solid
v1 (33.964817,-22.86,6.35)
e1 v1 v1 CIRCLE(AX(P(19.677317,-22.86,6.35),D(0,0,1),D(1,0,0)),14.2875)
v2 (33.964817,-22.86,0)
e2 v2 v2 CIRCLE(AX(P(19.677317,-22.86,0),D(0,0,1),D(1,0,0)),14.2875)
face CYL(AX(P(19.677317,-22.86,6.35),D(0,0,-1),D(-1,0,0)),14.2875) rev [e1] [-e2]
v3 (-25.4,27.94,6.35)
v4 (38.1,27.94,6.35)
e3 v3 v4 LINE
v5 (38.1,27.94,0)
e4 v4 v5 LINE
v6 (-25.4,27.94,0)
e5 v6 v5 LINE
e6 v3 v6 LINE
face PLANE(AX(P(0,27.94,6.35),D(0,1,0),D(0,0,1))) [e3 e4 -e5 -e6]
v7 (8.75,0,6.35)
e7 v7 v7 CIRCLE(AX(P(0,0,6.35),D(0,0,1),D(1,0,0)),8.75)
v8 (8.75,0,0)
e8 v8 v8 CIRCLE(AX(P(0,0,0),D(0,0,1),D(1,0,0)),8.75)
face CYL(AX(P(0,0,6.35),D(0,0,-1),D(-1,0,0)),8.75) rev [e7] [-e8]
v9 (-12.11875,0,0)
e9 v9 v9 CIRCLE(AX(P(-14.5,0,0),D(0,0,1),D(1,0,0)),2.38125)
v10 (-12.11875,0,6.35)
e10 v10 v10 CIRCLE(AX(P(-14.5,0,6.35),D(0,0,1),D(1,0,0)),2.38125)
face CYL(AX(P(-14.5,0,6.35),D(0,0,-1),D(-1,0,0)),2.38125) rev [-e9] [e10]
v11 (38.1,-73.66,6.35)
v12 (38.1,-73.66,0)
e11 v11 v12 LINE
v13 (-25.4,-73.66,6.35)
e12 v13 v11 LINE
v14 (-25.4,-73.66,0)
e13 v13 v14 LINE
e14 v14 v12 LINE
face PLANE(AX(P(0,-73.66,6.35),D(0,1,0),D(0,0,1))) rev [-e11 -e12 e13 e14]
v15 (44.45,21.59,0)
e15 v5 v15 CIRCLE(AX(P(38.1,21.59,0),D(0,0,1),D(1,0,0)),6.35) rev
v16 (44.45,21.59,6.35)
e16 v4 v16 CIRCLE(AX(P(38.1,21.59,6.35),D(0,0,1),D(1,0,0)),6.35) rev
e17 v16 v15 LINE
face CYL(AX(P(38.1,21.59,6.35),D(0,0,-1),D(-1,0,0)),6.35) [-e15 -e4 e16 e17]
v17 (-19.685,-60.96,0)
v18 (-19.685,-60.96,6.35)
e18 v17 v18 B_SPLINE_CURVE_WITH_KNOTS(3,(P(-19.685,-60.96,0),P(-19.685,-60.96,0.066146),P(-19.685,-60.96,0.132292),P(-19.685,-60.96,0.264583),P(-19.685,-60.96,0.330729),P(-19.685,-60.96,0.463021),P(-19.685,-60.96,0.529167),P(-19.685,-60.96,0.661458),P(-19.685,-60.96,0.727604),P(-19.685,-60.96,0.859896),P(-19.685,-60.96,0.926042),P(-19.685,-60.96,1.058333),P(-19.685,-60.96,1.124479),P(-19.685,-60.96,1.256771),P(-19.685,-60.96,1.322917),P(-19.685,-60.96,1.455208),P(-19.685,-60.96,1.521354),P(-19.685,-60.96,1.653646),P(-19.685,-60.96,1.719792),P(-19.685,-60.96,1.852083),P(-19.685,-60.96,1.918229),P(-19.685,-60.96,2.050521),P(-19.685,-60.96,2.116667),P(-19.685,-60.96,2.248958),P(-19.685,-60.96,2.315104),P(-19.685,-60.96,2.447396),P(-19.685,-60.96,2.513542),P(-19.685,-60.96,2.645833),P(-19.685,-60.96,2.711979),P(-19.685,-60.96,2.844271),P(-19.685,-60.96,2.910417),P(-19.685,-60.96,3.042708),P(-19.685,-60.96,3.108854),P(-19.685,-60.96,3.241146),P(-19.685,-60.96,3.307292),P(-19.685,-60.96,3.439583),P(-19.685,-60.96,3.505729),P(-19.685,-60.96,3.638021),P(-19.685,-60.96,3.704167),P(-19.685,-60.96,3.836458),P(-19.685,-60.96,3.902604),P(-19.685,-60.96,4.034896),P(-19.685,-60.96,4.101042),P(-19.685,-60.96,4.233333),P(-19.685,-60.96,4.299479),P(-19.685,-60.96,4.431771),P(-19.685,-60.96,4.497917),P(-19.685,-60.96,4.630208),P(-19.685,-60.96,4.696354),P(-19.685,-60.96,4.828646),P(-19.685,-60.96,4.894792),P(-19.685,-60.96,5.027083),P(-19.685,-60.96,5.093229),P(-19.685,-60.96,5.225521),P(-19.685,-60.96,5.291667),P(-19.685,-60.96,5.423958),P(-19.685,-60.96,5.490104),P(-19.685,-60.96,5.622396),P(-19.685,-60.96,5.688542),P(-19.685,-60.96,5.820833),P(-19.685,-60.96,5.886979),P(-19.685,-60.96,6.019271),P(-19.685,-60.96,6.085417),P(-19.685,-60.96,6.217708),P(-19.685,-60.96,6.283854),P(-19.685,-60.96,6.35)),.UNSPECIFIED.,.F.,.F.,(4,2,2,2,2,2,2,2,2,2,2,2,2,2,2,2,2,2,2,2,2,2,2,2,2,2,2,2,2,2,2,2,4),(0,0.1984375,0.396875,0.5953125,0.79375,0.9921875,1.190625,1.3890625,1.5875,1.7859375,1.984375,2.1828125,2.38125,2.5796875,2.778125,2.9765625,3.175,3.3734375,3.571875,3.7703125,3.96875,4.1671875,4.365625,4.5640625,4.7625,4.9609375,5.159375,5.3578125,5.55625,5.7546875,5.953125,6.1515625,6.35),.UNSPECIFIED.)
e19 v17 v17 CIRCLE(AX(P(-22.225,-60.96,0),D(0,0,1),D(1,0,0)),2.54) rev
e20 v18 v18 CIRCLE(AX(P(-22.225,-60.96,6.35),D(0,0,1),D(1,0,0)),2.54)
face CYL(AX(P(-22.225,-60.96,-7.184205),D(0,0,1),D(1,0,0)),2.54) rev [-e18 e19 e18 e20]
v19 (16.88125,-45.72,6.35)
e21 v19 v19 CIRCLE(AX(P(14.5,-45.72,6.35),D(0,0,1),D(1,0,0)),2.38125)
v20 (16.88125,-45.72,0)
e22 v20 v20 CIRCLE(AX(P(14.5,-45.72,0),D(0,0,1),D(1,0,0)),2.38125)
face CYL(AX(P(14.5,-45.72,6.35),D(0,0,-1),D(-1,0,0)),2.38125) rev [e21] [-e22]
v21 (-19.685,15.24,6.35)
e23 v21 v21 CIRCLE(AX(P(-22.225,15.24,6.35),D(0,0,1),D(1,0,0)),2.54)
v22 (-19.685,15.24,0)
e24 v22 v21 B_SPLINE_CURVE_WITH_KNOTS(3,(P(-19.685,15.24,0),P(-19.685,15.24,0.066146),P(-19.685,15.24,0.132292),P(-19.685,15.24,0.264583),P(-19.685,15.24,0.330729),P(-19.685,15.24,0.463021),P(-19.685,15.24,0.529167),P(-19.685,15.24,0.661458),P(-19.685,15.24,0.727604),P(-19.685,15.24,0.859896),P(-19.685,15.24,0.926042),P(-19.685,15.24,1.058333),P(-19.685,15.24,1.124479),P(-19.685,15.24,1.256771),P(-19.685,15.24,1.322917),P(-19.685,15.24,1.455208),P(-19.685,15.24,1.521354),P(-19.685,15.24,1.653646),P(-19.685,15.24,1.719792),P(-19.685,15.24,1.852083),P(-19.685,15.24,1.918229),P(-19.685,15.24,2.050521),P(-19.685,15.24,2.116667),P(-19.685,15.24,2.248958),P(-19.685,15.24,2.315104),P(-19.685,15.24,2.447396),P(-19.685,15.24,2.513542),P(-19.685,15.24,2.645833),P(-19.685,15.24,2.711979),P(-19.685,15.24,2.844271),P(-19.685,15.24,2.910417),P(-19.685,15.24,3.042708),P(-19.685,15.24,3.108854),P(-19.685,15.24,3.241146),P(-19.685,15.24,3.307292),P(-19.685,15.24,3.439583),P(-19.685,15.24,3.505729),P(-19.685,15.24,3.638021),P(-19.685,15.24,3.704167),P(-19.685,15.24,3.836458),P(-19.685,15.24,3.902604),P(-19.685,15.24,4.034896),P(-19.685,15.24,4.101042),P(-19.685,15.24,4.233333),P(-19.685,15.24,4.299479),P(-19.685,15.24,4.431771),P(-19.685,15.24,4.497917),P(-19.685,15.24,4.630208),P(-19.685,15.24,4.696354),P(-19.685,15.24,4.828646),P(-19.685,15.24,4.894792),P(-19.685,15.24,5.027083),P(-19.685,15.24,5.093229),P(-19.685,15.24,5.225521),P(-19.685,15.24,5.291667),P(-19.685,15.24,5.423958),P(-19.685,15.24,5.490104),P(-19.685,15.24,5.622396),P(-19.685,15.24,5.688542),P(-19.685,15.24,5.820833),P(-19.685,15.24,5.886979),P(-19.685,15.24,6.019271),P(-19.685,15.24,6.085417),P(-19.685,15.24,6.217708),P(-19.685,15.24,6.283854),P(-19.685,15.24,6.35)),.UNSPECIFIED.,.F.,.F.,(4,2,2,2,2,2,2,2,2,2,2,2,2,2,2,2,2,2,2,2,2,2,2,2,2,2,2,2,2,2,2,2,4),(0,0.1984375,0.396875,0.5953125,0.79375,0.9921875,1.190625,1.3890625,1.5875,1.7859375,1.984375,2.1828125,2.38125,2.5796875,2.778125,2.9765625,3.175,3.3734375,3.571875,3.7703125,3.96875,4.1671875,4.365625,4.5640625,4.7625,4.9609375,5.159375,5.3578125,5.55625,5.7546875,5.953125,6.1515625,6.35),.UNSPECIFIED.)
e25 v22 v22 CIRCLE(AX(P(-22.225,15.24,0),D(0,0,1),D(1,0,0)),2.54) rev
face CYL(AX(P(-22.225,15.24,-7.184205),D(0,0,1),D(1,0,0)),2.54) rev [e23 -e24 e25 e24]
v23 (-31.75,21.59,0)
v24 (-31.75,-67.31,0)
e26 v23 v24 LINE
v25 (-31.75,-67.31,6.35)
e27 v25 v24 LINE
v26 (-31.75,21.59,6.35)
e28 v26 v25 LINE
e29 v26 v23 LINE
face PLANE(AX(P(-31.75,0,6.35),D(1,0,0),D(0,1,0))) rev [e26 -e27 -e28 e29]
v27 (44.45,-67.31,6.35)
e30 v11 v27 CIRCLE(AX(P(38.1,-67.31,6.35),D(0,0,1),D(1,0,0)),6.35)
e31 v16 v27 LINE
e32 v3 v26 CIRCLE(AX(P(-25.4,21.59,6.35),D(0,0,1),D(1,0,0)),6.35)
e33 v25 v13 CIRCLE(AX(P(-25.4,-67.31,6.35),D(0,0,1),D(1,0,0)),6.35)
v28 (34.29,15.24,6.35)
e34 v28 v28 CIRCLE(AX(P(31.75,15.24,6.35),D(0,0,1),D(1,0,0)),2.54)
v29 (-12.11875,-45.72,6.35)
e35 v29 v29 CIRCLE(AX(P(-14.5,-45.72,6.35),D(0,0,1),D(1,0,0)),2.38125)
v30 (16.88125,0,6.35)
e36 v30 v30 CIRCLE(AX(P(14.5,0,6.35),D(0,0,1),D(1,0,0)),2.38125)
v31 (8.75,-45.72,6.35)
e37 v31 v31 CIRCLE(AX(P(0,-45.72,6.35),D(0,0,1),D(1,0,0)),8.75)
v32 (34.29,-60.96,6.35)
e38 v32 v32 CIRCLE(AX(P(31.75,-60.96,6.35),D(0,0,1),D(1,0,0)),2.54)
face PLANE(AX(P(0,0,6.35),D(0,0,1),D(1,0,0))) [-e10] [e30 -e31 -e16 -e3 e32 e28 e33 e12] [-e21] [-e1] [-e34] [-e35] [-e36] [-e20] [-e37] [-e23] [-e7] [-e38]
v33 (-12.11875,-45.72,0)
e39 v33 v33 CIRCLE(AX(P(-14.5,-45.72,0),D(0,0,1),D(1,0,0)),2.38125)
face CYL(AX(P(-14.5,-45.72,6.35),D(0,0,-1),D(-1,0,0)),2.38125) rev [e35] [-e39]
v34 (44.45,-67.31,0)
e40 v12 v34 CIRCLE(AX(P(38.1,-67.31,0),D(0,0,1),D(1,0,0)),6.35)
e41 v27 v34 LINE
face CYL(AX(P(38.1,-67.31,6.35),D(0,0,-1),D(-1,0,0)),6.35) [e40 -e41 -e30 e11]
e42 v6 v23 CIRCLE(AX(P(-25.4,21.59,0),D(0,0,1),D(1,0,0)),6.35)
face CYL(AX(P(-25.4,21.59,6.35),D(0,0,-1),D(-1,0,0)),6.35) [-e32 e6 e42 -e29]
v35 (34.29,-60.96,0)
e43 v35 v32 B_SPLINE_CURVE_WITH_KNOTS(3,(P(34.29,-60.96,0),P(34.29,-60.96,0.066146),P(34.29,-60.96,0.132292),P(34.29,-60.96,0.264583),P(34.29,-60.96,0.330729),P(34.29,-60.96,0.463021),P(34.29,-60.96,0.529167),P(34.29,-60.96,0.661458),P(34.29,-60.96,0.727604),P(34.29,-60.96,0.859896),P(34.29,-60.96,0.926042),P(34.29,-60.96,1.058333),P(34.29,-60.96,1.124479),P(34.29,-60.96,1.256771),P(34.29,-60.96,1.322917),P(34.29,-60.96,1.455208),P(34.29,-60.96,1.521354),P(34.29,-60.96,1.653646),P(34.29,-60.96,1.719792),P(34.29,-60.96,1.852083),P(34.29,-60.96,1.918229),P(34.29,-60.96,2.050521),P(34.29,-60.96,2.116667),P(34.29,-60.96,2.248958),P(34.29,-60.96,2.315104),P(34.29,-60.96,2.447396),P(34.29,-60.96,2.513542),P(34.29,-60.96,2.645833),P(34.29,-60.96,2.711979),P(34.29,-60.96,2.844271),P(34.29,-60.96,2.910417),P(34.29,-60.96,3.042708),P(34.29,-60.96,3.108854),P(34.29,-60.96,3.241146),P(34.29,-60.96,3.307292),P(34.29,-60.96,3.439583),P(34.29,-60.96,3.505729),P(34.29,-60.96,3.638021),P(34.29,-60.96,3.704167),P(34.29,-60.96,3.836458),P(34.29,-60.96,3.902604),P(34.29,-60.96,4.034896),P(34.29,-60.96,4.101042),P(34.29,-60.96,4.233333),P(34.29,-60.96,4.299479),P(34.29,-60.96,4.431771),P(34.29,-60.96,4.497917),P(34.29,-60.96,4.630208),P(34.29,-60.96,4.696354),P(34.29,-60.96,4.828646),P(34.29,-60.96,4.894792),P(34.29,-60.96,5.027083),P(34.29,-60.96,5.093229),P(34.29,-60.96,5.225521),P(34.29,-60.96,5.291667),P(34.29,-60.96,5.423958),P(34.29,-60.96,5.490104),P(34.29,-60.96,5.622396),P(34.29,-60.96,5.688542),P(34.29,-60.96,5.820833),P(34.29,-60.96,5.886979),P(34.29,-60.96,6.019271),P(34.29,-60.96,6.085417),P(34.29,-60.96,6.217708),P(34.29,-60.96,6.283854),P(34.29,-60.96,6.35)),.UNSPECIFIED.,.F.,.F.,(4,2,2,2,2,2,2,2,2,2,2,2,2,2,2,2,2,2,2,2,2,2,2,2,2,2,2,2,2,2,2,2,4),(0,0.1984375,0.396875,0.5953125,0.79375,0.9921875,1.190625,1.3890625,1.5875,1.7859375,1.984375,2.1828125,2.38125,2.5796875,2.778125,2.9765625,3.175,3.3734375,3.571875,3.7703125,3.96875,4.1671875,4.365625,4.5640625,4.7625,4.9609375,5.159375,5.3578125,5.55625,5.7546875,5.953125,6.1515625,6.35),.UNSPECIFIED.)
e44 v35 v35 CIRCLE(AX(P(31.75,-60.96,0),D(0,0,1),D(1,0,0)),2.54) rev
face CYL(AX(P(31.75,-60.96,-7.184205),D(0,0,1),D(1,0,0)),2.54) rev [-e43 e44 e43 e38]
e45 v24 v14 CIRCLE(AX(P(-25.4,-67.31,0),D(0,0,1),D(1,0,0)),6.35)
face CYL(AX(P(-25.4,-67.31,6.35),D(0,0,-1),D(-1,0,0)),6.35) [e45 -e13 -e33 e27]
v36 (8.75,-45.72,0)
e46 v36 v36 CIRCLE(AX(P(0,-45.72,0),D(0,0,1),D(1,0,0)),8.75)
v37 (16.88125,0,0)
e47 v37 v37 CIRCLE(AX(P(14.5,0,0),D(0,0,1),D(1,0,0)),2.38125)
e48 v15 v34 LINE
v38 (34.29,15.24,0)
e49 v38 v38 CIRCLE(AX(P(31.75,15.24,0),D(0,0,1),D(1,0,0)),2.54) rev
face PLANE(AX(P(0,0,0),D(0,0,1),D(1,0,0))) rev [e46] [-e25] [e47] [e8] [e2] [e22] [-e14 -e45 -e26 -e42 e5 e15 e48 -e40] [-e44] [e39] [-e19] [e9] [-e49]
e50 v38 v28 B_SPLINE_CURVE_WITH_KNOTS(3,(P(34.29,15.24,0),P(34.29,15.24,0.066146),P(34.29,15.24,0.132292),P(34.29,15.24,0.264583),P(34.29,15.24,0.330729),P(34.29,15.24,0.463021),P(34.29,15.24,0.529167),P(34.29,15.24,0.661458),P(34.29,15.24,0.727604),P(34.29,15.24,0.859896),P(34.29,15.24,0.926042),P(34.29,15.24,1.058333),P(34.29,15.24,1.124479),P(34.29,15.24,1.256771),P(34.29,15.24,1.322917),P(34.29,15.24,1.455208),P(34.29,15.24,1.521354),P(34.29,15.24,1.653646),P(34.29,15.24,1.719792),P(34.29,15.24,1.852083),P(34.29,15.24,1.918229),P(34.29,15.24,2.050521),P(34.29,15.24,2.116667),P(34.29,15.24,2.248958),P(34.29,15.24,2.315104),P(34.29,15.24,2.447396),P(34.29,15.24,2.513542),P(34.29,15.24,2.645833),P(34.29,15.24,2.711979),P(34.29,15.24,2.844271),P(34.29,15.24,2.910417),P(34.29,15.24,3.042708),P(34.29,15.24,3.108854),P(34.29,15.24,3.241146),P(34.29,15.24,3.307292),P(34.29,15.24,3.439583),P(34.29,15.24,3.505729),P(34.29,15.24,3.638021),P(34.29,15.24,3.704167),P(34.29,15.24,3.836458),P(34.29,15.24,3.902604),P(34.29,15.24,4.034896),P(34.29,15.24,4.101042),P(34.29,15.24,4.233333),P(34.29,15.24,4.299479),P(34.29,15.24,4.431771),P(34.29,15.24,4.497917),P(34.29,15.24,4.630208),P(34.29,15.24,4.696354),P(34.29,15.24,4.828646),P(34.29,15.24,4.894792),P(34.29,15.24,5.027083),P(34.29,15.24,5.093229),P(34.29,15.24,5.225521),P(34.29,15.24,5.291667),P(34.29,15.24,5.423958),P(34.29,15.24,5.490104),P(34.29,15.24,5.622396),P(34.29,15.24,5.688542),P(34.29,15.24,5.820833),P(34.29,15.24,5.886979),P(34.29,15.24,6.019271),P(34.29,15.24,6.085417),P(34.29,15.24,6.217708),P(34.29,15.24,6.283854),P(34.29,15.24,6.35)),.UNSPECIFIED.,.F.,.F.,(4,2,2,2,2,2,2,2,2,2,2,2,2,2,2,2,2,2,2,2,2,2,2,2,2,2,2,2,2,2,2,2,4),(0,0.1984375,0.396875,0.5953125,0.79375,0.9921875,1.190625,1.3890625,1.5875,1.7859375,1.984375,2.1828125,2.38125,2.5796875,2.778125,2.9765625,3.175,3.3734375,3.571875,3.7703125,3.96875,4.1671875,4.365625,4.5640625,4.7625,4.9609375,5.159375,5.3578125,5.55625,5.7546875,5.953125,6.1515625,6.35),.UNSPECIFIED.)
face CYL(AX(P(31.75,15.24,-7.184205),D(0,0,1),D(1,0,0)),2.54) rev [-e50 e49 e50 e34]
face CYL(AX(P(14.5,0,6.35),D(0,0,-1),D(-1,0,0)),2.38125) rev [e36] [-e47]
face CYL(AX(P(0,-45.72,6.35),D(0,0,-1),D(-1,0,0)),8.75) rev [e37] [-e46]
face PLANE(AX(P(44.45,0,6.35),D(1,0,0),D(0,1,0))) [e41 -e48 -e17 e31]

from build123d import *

# Parameters (mm, degrees)
SKETCH1_R           = 2.38125
SKETCH1_R_2         = 14.2875
SKETCH1_R_3         = 8.75
BOSS_EXTRUDE1_DEPTH = 6.35
SKETCH2_R           = 2.54
CUT_EXTRUDE1_DEPTH  = 6.35


with BuildPart() as part:
    # Sketch1 → Boss-Extrude1 (new body)
    with BuildSketch(Plane.XY):
        with BuildLine():
            Line((-25.4, 27.94), (38.1, 27.94))
            ThreePointArc((38.1, 27.94), (42.590128061, 26.080128061), (44.45, 21.59))
            Line((44.45, 21.59), (44.45, -67.31))
            ThreePointArc((44.45, -67.31), (42.590128061, -71.800128061), (38.1, -73.66))
            Line((38.1, -73.66), (-25.4, -73.66))
            ThreePointArc((-25.4, -73.66), (-29.890128061, -71.800128061), (-31.75, -67.31))
            Line((-31.75, -67.31), (-31.75, 21.59))
            ThreePointArc((-31.75, 21.59), (-29.890128061, 26.080128061), (-25.4, 27.94))
        make_face()
        with Locations((14.5, 0)):
            Circle(SKETCH1_R, mode=Mode.SUBTRACT)
        with Locations((-14.5, 0)):
            Circle(SKETCH1_R, mode=Mode.SUBTRACT)
        with Locations((14.5, -45.72)):
            Circle(SKETCH1_R, mode=Mode.SUBTRACT)
        with Locations((-14.5, -45.72)):
            Circle(SKETCH1_R, mode=Mode.SUBTRACT)
        with Locations((19.677317049, -22.86)):
            Circle(SKETCH1_R_2, mode=Mode.SUBTRACT)
        with Locations((0, -45.72)):
            Circle(SKETCH1_R_3, mode=Mode.SUBTRACT)
        Circle(SKETCH1_R_3, mode=Mode.SUBTRACT)
    extrude(amount=BOSS_EXTRUDE1_DEPTH)

    # Sketch2 → Cut-Extrude1 (cut)
    with BuildSketch(Plane.XY.offset(6.35)):
        with Locations((-22.225, 15.24)):
            Circle(SKETCH2_R)
        with Locations((31.75, 15.24)):
            Circle(SKETCH2_R)
        with Locations((31.75, -60.96)):
            Circle(SKETCH2_R)
        with Locations((-22.225, -60.96)):
            Circle(SKETCH2_R)
    extrude(amount=-CUT_EXTRUDE1_DEPTH, mode=Mode.SUBTRACT)


solid = part.part
